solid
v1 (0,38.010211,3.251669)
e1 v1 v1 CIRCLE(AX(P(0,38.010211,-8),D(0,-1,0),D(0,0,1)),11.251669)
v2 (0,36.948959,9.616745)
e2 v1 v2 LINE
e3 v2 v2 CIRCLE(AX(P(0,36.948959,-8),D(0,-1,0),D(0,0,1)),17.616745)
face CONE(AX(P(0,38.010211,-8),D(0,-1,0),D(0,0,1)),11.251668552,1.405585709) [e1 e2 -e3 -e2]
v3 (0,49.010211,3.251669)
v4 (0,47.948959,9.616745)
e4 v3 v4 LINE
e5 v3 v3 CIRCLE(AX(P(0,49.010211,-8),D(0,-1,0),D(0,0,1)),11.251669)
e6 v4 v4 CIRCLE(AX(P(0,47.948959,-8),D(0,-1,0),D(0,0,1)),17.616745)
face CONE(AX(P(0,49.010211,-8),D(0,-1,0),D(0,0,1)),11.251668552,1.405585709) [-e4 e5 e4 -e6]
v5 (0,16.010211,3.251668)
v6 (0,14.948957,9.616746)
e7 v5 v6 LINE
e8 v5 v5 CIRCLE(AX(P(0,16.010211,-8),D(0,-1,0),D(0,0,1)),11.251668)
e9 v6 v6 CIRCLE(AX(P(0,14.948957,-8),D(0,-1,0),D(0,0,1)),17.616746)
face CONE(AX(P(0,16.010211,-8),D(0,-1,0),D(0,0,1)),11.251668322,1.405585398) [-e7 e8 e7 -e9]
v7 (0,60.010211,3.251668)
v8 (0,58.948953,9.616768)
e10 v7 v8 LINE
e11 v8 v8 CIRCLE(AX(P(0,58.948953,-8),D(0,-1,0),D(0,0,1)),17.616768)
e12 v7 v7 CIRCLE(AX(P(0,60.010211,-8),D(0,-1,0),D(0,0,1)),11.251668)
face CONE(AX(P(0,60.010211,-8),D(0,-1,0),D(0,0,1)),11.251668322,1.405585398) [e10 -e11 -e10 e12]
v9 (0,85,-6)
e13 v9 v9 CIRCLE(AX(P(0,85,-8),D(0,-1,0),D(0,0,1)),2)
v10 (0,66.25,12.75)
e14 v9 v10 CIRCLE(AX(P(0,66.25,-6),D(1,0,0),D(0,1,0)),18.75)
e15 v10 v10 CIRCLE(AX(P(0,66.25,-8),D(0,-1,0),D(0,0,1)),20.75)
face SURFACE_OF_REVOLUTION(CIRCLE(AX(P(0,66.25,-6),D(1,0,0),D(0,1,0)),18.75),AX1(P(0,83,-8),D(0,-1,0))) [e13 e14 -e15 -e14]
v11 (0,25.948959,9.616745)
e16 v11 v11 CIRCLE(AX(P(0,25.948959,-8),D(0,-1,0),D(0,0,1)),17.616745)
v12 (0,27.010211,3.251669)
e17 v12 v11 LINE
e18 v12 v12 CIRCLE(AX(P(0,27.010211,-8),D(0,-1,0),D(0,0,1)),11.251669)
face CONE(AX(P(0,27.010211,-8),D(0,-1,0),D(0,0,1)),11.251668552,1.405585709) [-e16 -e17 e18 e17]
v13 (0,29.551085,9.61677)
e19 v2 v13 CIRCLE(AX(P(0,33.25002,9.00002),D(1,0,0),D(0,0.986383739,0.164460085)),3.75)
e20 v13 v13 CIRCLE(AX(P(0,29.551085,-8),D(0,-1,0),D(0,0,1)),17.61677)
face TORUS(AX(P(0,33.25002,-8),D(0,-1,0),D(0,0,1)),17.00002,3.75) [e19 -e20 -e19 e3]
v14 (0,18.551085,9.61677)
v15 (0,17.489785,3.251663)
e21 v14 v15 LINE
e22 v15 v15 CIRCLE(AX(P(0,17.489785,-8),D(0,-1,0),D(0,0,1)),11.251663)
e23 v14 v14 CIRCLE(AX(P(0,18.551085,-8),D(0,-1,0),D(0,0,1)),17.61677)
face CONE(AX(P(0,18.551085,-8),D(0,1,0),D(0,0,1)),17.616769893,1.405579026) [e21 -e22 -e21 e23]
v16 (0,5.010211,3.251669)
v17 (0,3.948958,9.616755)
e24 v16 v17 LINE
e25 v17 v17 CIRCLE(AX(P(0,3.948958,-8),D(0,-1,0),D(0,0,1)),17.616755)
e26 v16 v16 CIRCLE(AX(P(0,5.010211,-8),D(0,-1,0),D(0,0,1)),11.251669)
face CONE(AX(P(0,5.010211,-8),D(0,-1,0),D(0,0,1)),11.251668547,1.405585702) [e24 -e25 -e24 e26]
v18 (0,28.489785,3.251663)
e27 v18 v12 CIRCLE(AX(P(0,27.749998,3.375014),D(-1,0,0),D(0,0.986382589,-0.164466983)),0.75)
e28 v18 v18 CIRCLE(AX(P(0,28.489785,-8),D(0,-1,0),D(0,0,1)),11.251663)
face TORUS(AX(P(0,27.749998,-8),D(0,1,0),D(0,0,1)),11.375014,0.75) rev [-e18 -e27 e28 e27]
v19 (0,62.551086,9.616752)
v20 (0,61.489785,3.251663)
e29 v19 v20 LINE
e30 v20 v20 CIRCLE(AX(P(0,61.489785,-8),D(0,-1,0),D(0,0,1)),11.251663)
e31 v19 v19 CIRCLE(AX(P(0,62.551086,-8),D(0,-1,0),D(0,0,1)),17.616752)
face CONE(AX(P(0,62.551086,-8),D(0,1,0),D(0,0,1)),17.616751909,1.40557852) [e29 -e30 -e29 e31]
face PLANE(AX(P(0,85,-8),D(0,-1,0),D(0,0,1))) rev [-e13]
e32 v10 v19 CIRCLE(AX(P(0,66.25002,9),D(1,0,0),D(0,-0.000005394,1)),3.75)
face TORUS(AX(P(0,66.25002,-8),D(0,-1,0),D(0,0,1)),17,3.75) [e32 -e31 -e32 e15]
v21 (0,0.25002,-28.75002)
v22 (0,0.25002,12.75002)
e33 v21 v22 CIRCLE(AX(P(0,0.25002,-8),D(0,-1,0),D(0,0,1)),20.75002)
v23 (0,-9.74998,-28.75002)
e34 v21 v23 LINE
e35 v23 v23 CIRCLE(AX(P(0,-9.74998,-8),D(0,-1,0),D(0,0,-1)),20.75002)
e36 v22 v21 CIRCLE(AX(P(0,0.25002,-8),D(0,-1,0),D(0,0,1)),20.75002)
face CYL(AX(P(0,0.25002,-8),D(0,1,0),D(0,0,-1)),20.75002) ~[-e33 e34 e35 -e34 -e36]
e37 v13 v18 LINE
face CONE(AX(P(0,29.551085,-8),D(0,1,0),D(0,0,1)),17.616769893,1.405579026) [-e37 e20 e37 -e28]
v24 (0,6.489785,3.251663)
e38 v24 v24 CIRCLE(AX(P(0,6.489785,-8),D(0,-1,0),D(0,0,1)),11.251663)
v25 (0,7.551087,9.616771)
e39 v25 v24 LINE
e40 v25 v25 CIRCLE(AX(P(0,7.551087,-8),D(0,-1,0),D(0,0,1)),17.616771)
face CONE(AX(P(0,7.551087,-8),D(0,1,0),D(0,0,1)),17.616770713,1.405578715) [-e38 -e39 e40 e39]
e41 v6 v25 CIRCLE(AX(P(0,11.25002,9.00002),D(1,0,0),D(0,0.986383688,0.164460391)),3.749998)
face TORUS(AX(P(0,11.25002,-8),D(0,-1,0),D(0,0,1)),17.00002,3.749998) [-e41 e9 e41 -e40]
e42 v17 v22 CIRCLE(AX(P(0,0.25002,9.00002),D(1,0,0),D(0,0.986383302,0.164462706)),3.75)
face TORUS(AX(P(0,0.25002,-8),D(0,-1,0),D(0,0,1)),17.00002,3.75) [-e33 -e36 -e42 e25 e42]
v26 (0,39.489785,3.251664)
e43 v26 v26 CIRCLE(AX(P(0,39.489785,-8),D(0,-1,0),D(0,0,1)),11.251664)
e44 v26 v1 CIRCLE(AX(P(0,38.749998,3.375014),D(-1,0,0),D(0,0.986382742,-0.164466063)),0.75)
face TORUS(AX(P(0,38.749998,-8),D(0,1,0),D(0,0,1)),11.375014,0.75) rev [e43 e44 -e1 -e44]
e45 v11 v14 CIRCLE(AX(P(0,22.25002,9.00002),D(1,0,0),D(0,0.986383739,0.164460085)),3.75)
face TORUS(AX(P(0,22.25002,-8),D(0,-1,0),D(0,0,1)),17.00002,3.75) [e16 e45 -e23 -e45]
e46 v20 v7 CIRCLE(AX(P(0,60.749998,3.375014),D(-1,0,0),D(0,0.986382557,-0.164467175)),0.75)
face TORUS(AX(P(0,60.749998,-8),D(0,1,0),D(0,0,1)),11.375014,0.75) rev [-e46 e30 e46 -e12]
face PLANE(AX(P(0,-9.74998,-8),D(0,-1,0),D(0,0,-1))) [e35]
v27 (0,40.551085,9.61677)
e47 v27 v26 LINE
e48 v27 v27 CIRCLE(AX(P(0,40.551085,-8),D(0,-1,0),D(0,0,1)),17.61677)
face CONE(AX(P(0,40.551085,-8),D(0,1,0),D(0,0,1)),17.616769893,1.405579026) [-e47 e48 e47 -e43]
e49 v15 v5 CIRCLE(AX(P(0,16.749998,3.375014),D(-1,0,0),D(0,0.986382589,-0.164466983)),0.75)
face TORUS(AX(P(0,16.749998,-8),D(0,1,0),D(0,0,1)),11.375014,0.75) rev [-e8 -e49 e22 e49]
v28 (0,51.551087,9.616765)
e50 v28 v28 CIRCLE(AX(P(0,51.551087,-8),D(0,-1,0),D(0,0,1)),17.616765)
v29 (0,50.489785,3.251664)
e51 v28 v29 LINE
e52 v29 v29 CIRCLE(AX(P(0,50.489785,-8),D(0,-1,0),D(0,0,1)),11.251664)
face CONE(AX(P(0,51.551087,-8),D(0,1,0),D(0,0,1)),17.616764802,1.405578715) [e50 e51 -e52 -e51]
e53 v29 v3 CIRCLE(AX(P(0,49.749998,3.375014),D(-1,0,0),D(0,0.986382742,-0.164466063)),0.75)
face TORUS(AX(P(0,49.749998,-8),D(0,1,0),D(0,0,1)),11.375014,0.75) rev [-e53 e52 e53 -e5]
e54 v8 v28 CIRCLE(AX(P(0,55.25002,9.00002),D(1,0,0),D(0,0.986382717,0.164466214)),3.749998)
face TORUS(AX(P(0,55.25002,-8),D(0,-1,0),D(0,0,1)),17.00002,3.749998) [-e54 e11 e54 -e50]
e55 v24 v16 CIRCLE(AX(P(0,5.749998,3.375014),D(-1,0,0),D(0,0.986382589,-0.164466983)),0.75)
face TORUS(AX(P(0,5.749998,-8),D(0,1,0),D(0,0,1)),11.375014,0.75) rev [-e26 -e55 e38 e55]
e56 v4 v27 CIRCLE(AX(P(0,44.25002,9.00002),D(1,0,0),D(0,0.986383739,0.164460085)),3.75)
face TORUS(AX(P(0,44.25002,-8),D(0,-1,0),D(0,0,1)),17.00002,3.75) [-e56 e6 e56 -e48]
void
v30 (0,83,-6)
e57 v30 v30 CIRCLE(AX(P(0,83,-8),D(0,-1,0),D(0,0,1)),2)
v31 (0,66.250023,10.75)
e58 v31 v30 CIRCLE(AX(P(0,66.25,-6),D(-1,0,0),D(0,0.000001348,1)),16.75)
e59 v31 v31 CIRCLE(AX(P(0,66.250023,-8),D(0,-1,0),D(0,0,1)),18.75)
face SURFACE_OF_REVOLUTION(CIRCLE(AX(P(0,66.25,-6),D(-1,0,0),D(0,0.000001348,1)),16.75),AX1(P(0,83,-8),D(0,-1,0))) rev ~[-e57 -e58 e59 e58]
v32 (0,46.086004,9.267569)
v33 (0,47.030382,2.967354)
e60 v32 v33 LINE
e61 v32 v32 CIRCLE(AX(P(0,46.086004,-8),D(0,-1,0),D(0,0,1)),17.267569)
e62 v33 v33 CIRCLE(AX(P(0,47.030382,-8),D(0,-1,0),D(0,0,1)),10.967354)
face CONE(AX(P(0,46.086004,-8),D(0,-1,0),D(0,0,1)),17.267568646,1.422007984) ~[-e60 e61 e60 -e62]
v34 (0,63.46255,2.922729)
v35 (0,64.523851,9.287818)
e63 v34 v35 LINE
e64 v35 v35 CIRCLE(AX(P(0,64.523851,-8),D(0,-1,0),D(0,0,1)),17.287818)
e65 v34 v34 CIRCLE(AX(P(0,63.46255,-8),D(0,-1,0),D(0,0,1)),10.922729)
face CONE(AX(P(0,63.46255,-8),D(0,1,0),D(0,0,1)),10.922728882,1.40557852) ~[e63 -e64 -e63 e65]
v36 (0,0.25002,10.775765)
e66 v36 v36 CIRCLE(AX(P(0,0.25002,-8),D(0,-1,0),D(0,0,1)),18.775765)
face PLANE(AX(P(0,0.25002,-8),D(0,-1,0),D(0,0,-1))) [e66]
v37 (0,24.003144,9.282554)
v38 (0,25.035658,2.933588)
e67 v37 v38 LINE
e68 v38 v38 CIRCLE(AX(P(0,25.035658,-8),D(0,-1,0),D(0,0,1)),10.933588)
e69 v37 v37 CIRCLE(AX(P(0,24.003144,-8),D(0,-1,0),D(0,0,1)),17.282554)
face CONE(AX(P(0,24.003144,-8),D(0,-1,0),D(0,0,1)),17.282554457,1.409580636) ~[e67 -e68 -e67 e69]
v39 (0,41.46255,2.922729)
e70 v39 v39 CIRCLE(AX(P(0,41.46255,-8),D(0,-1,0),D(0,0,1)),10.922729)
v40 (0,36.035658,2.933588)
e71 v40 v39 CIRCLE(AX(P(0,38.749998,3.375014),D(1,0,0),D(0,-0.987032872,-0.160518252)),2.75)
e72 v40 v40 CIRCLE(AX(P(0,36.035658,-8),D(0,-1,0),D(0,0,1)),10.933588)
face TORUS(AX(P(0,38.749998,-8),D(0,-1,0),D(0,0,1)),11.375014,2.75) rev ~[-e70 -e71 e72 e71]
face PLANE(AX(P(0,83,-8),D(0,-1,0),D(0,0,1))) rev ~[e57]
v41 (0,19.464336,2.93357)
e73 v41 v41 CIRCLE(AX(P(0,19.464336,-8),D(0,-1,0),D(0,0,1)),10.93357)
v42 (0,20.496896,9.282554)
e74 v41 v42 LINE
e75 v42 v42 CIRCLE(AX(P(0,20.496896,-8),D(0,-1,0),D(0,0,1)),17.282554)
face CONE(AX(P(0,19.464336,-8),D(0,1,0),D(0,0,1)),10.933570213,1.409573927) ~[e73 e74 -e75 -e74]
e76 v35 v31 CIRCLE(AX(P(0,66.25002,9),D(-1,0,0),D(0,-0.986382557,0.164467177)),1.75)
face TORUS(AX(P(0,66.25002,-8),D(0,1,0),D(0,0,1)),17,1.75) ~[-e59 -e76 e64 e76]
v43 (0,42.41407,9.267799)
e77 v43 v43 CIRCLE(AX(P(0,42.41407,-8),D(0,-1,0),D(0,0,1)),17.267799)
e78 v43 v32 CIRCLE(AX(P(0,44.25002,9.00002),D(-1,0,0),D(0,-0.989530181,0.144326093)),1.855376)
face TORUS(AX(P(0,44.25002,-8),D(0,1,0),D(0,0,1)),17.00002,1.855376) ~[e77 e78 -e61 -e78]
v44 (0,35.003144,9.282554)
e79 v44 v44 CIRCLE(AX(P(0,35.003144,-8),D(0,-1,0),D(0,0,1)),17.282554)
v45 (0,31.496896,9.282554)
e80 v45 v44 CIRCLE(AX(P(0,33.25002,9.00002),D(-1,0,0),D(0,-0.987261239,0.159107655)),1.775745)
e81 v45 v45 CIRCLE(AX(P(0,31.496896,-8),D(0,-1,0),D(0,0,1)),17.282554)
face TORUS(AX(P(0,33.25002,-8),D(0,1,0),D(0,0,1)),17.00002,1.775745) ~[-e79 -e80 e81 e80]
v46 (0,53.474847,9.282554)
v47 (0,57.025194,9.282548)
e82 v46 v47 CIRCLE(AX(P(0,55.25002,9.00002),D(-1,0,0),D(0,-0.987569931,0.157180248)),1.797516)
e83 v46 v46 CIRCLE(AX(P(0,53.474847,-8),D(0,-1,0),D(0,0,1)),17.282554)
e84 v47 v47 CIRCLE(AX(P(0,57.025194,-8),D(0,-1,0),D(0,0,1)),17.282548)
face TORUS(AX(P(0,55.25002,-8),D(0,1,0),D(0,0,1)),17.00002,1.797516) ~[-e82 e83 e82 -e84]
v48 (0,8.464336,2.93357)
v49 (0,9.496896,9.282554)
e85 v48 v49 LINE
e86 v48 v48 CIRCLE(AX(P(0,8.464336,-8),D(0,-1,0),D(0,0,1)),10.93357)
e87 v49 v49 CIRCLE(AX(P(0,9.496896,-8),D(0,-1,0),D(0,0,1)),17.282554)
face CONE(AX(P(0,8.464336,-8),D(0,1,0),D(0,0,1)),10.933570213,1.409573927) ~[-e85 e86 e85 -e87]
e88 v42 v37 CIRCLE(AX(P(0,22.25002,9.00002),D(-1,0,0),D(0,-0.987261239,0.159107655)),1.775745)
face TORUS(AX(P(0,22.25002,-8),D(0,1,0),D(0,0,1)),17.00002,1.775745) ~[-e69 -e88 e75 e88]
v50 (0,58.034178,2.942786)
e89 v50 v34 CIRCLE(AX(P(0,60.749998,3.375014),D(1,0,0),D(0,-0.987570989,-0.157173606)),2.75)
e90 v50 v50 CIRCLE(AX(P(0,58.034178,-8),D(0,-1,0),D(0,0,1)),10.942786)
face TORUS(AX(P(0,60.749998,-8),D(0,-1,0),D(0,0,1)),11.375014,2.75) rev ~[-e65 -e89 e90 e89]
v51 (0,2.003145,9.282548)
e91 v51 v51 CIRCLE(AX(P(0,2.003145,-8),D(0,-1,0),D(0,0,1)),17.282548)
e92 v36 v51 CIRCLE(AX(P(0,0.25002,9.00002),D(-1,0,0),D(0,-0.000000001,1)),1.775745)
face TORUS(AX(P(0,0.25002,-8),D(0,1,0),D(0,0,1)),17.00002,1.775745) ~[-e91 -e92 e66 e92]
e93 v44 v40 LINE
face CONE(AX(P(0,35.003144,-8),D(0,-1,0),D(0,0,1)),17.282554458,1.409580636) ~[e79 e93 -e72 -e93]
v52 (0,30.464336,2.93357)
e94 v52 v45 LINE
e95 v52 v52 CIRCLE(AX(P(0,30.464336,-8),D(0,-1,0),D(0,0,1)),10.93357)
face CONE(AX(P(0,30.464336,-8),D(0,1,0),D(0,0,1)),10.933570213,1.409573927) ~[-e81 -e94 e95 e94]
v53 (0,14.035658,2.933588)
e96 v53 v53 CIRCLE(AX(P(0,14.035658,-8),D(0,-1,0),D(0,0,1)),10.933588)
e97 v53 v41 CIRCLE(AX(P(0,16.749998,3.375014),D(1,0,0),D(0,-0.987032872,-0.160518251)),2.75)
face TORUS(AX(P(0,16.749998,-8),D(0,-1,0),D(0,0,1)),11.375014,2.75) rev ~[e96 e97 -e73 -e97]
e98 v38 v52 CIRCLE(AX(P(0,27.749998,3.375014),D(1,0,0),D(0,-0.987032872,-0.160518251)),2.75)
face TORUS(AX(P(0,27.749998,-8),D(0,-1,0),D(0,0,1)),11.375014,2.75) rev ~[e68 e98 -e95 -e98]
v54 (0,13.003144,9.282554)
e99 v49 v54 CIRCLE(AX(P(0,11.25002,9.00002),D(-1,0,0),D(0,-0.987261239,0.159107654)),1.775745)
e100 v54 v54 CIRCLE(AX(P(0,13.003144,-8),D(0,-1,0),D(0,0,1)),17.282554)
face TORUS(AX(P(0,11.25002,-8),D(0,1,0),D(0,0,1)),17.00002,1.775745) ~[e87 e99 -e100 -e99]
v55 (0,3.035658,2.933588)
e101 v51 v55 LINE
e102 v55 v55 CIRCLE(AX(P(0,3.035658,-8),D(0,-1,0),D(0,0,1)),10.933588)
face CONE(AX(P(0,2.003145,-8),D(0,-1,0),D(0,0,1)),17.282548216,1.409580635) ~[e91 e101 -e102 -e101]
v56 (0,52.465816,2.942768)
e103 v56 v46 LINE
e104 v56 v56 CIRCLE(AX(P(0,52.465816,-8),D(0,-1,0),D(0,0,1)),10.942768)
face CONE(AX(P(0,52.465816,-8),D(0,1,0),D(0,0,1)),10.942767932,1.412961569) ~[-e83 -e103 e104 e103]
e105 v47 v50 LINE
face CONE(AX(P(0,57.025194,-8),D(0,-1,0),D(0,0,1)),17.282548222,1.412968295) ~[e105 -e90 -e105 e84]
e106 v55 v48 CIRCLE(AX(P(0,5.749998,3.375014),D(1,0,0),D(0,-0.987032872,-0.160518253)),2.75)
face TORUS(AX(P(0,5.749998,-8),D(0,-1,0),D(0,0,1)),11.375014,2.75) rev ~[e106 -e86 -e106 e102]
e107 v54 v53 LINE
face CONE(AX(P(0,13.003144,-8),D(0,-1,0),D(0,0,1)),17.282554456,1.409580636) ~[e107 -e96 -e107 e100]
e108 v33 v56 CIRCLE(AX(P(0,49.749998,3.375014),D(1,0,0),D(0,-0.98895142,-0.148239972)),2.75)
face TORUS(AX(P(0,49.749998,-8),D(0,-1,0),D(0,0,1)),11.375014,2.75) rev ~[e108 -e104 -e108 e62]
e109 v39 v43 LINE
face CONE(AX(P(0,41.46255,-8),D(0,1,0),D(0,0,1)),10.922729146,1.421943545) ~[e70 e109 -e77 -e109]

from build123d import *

# Parameters (mm, degrees)
SKETCH2_R           = 20.750019809
BOSS_EXTRUDE1_DEPTH = 10


with BuildPart() as part:
    # Sketch1 → Revolve2 (revolve)
    with BuildSketch(Plane(origin=(0, 0, 0), x_dir=(0, 0, -1), z_dir=(1, 0, 0))):
        with BuildLine():
            Line((-9.616751909, 62.551085638), (-3.251663234, 61.489785283))
            ThreePointArc((-3.251663234, 61.489785283), (-2.625013615, 60.749995786), (-3.251668322, 60.010210599))
            Line((-3.251668322, 60.010210599), (-9.616767827, 58.948953436))
            ThreePointArc((-9.616767827, 58.948953436), (-12.75001785, 55.250030043), (-9.616764802, 51.551086511))
            Line((-9.616764802, 51.551086511), (-3.251664068, 50.489785422))
            ThreePointArc((-3.251664068, 50.489785422), (-2.625013615, 49.749996092), (-3.251668552, 49.010210561))
            Line((-3.251668552, 49.010210561), (-9.616745174, 47.948959247))
            ThreePointArc((-9.616745174, 47.948959247), (-12.750019856, 44.250032756), (-9.616769893, 40.551085326))
            Line((-9.616769893, 40.551085326), (-3.251664068, 39.489785422))
            ThreePointArc((-3.251664068, 39.489785422), (-2.625013615, 38.749996092), (-3.251668552, 38.010210561))
            Line((-3.251668552, 38.010210561), (-9.616745174, 36.948959247))
            ThreePointArc((-9.616745174, 36.948959247), (-12.750019856, 33.250032756), (-9.616769893, 29.551085326))
            Line((-9.616769893, 29.551085326), (-3.251663378, 28.489785307))
            ThreePointArc((-3.251663378, 28.489785307), (-2.625013615, 27.749995743), (-3.251668552, 27.010210561))
            Line((-3.251668552, 27.010210561), (-9.616745174, 25.948959247))
            ThreePointArc((-9.616745174, 25.948959247), (-12.750019856, 22.250032756), (-9.616769893, 18.551085326))
            Line((-9.616769893, 18.551085326), (-3.251663378, 17.489785307))
            ThreePointArc((-3.251663378, 17.489785307), (-2.625013615, 16.749995859), (-3.251668322, 16.010210599))
            Line((-3.251668322, 16.010210599), (-9.616745994, 14.948957076))
            ThreePointArc((-9.616745994, 14.948957076), (-12.75001785, 11.250032756), (-9.616770713, 7.551087497))
            Line((-9.616770713, 7.551087497), (-3.251663378, 6.489785307))
            ThreePointArc((-3.251663378, 6.489785307), (-2.625013615, 5.749995745), (-3.251668547, 5.010210562))
            Line((-3.251668547, 5.010210562), (-9.616754998, 3.948957561))
            ThreePointArc((-9.616754998, 3.948957561), (-11.861416619, 2.673841221), (-12.750019809, 0.250020225))
            Line((-12.750019809, 0.250020225), (-10.775764722, 0.250020225))
            ThreePointArc((-10.775764722, 0.250020225), (-10.351864543, 1.401447936), (-9.282548216, 2.003145308))
            Line((-9.282548216, 2.003145308), (-2.933588419, 3.035657967))
            ThreePointArc((-2.933588419, 3.035657967), (-0.625013615, 5.749989143), (-2.933570213, 8.464335802))
            Line((-2.933570213, 8.464335802), (-9.282554456, 9.496896148))
            ThreePointArc((-9.282554456, 9.496896148), (-10.775764722, 11.250020225), (-9.282554456, 13.003144302))
            Line((-9.282554456, 13.003144302), (-2.933588423, 14.035657967))
            ThreePointArc((-2.933588423, 14.035657967), (-0.625013615, 16.749989141), (-2.933570213, 19.464335802))
            Line((-2.933570213, 19.464335802), (-9.282554457, 20.496896149))
            ThreePointArc((-9.282554457, 20.496896149), (-10.775764722, 22.250020225), (-9.282554457, 24.003144302))
            Line((-9.282554457, 24.003144302), (-2.933588423, 25.035657967))
            ThreePointArc((-2.933588423, 25.035657967), (-0.625013615, 27.749989141), (-2.933570213, 30.464335802))
            Line((-2.933570213, 30.464335802), (-9.282554457, 31.496896149))
            ThreePointArc((-9.282554457, 31.496896149), (-10.775764722, 33.250020225), (-9.282554458, 35.003144302))
            Line((-9.282554458, 35.003144302), (-2.933588423, 36.035657967))
            ThreePointArc((-2.933588423, 36.035657967), (-0.625019121, 38.744495593), (-2.922729146, 41.46255044))
            Line((-2.922729146, 41.46255044), (-9.267799008, 42.414069793))
            ThreePointArc((-9.267799008, 42.414069793), (-10.855395735, 44.250136624), (-9.267568646, 46.086004242))
            Line((-9.267568646, 46.086004242), (-2.967353693, 47.030381961))
            ThreePointArc((-2.967353693, 47.030381961), (-0.625041747, 49.737559588), (-2.942767932, 52.465815677))
            Line((-2.942767932, 52.465815677), (-9.28255392, 53.474847144))
            ThreePointArc((-9.28255392, 53.474847144), (-10.797536189, 55.25002943), (-9.282548222, 57.025194214))
            Line((-9.282548222, 57.025194214), (-2.942786198, 58.034178147))
            ThreePointArc((-2.942786198, 58.034178147), (-0.625032387, 60.739837448), (-2.922728882, 63.462550396))
            Line((-2.922728882, 63.462550396), (-9.287817558, 64.523850751))
            ThreePointArc((-9.287817558, 64.523850751), (-10.335324829, 65.118911212), (-10.75, 66.250022585))
            ThreePointArc((-10.75, 66.250022585), (-5.8440306, 78.09404657), (6, 83))
            Line((6, 83), (8, 83))
            Line((8, 83), (8, 85))
            Line((8, 85), (6, 85))
            ThreePointArc((6, 85), (-7.258252147, 79.508252147), (-12.75, 66.25))
            ThreePointArc((-12.75, 66.25), (-11.86141141, 63.82621645), (-9.616751909, 62.551085638))
        make_face()
    revolve(axis=Axis((0, 83, -8), (0, -1, 0)))

    # Sketch2 → Boss-Extrude1 (add)
    with BuildSketch(Plane.XZ.offset(-0.250020225)):
        with Locations(Location((0, -8, 0), (0, 0, 270))):
            Circle(SKETCH2_R)
    extrude(amount=BOSS_EXTRUDE1_DEPTH)


solid = part.part
